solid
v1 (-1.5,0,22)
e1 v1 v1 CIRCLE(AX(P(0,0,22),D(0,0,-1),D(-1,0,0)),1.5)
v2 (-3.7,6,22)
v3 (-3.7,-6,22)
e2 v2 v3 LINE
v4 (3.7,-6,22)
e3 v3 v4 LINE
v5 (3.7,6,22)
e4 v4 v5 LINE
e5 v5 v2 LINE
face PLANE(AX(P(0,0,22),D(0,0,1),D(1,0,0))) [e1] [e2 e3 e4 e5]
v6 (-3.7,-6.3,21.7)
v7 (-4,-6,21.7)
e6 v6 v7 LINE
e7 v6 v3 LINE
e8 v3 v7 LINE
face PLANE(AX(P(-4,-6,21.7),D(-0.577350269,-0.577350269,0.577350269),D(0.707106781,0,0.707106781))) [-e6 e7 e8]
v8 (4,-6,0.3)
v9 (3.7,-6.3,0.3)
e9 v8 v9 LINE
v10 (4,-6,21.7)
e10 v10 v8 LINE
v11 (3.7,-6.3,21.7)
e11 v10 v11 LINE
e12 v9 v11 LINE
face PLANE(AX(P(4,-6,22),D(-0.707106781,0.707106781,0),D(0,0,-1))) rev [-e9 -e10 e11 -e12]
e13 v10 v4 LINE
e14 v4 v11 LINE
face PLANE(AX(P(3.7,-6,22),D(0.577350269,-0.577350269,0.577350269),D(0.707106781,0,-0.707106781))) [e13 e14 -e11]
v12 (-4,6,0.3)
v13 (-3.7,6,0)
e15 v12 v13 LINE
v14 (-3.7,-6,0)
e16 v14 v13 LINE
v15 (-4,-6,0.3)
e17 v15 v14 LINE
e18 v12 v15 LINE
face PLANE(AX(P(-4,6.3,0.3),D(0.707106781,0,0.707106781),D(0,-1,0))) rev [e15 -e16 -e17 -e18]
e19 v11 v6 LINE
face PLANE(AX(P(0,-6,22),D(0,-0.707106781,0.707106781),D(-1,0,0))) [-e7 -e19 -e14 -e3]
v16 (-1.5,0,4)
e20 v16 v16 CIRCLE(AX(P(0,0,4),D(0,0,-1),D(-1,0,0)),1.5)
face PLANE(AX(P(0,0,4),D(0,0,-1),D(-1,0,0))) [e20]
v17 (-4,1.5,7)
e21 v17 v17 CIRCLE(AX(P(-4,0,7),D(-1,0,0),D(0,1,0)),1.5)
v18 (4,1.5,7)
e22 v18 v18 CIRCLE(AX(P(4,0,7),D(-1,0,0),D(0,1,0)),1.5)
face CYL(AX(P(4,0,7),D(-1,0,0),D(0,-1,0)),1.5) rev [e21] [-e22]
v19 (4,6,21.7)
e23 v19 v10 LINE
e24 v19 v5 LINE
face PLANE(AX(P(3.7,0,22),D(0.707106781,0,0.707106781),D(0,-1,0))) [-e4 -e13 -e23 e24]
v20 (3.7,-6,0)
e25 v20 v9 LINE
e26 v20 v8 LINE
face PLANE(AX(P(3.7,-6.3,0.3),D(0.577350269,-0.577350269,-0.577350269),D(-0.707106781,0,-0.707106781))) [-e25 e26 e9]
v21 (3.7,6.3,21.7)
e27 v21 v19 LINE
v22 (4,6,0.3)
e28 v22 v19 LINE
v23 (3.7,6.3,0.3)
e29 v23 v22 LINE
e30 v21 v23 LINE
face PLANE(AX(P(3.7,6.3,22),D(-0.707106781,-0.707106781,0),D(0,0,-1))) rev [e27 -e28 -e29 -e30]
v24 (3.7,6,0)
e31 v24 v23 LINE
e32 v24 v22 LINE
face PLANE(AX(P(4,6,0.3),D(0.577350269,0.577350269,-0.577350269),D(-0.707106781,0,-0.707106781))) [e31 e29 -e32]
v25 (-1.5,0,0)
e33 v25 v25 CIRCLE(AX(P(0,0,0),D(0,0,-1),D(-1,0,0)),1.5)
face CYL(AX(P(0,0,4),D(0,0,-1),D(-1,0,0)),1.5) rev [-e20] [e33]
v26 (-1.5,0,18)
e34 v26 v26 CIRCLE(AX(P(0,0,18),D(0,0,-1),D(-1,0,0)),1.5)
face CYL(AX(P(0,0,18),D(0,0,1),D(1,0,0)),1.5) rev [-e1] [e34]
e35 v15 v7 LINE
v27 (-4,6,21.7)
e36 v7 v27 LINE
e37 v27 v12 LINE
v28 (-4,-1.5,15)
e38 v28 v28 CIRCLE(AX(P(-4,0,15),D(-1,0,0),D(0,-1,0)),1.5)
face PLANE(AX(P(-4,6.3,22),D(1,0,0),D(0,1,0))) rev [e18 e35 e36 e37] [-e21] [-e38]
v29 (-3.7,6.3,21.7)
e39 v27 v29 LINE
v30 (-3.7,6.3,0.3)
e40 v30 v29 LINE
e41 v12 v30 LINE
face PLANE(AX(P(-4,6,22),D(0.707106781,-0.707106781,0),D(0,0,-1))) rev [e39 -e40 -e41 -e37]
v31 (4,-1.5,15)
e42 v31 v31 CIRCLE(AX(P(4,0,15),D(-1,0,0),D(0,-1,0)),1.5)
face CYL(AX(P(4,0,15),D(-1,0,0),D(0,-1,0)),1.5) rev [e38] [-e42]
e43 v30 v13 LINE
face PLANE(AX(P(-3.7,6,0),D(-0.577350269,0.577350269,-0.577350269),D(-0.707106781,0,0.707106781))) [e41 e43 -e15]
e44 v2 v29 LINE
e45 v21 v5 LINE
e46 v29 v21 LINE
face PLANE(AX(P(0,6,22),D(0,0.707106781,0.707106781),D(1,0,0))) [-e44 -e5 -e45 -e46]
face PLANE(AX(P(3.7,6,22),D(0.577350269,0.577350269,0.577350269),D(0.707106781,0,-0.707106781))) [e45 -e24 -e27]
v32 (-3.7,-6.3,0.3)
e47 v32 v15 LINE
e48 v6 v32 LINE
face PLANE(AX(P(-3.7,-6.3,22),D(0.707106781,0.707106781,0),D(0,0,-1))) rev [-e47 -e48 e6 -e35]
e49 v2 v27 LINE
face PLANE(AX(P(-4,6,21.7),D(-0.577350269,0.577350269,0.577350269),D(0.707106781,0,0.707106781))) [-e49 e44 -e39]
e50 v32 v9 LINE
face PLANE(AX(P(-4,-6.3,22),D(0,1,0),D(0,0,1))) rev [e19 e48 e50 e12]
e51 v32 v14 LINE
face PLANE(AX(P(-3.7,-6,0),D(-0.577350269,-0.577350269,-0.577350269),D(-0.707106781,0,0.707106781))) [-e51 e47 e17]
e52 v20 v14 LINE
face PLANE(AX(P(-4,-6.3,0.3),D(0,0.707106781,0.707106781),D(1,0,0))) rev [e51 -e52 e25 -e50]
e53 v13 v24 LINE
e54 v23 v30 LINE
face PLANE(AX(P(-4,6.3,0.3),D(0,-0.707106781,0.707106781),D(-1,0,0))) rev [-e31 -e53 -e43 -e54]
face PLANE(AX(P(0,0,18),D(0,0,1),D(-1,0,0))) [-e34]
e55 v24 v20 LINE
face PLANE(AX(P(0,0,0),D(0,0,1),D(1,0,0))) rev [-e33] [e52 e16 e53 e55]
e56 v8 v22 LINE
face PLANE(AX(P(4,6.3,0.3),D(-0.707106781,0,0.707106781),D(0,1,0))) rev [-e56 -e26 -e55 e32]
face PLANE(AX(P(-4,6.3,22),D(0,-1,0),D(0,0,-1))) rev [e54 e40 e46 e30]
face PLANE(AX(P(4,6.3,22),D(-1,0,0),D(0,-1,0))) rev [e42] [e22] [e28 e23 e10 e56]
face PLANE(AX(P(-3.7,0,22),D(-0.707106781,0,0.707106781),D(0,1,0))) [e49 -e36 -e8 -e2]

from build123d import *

# Parameters (mm, degrees)
SKETCH_1_W          = 8
SKETCH_1_H          = 12.6
EXTRUDE_1_DEPTH     = 22
CHAMFER_1_SIZE      = 0.3
SKETCH_2_R          = 1.5
CUT_EXTRUDE_1_DEPTH = 25.242318371
SKETCH_3_R          = 1.5
CUT_EXTRUDE_2_DEPTH = 4


with BuildPart() as part:
    # 草图1 → 凸台-拉伸1 (new body)
    with BuildSketch(Plane.XY):
        Rectangle(SKETCH_1_W, SKETCH_1_H)
    extrude(amount=EXTRUDE_1_DEPTH)

    # 倒角1
    chamfer_1_edges = [part.edges().sort_by_distance(p)[0] for p in [
        (-4, 0, 22),
        (0, -6.3, 22),
        (4, 0, 22),
        (0, -6.3, 0),
        (-4, 0, 0),
        (0, 6.3, 0),
        (4, 0, 0),
        (4, -6.3, 11),
        (-4, -6.3, 11),
        (-4, 6.3, 11),
        (4, 6.3, 11),
        (0, 6.3, 22),
    ]]
    chamfer(chamfer_1_edges, length=CHAMFER_1_SIZE)

    # 草图2 → 切除-拉伸1 (cut, through all)
    with BuildSketch(Plane.ZY.offset(4)):
        with Locations(Location((15, 0, 0), (0, 0, 270))):
            Circle(SKETCH_2_R)
        with Locations(Location((7, 0, 0), (0, 0, 90))):
            Circle(SKETCH_2_R)
    extrude(amount=-CUT_EXTRUDE_1_DEPTH, mode=Mode.SUBTRACT)

    # 草图3 → 切除-拉伸2 (cut)
    with BuildSketch(Plane(origin=(0, 0, 0), x_dir=(-1, 0, 0), z_dir=(0, 0, -1))):
        Circle(SKETCH_3_R)
    cut_extrude_2 = extrude(amount=-CUT_EXTRUDE_2_DEPTH, mode=Mode.SUBTRACT)

    # 镜向1: 切除-拉伸2 across plane
    add(cut_extrude_2.mirror(Plane(origin=(0, 0, 11), x_dir=(1, 0, 0), z_dir=(0, 0, -1))), mode=Mode.SUBTRACT)


solid = part.part
